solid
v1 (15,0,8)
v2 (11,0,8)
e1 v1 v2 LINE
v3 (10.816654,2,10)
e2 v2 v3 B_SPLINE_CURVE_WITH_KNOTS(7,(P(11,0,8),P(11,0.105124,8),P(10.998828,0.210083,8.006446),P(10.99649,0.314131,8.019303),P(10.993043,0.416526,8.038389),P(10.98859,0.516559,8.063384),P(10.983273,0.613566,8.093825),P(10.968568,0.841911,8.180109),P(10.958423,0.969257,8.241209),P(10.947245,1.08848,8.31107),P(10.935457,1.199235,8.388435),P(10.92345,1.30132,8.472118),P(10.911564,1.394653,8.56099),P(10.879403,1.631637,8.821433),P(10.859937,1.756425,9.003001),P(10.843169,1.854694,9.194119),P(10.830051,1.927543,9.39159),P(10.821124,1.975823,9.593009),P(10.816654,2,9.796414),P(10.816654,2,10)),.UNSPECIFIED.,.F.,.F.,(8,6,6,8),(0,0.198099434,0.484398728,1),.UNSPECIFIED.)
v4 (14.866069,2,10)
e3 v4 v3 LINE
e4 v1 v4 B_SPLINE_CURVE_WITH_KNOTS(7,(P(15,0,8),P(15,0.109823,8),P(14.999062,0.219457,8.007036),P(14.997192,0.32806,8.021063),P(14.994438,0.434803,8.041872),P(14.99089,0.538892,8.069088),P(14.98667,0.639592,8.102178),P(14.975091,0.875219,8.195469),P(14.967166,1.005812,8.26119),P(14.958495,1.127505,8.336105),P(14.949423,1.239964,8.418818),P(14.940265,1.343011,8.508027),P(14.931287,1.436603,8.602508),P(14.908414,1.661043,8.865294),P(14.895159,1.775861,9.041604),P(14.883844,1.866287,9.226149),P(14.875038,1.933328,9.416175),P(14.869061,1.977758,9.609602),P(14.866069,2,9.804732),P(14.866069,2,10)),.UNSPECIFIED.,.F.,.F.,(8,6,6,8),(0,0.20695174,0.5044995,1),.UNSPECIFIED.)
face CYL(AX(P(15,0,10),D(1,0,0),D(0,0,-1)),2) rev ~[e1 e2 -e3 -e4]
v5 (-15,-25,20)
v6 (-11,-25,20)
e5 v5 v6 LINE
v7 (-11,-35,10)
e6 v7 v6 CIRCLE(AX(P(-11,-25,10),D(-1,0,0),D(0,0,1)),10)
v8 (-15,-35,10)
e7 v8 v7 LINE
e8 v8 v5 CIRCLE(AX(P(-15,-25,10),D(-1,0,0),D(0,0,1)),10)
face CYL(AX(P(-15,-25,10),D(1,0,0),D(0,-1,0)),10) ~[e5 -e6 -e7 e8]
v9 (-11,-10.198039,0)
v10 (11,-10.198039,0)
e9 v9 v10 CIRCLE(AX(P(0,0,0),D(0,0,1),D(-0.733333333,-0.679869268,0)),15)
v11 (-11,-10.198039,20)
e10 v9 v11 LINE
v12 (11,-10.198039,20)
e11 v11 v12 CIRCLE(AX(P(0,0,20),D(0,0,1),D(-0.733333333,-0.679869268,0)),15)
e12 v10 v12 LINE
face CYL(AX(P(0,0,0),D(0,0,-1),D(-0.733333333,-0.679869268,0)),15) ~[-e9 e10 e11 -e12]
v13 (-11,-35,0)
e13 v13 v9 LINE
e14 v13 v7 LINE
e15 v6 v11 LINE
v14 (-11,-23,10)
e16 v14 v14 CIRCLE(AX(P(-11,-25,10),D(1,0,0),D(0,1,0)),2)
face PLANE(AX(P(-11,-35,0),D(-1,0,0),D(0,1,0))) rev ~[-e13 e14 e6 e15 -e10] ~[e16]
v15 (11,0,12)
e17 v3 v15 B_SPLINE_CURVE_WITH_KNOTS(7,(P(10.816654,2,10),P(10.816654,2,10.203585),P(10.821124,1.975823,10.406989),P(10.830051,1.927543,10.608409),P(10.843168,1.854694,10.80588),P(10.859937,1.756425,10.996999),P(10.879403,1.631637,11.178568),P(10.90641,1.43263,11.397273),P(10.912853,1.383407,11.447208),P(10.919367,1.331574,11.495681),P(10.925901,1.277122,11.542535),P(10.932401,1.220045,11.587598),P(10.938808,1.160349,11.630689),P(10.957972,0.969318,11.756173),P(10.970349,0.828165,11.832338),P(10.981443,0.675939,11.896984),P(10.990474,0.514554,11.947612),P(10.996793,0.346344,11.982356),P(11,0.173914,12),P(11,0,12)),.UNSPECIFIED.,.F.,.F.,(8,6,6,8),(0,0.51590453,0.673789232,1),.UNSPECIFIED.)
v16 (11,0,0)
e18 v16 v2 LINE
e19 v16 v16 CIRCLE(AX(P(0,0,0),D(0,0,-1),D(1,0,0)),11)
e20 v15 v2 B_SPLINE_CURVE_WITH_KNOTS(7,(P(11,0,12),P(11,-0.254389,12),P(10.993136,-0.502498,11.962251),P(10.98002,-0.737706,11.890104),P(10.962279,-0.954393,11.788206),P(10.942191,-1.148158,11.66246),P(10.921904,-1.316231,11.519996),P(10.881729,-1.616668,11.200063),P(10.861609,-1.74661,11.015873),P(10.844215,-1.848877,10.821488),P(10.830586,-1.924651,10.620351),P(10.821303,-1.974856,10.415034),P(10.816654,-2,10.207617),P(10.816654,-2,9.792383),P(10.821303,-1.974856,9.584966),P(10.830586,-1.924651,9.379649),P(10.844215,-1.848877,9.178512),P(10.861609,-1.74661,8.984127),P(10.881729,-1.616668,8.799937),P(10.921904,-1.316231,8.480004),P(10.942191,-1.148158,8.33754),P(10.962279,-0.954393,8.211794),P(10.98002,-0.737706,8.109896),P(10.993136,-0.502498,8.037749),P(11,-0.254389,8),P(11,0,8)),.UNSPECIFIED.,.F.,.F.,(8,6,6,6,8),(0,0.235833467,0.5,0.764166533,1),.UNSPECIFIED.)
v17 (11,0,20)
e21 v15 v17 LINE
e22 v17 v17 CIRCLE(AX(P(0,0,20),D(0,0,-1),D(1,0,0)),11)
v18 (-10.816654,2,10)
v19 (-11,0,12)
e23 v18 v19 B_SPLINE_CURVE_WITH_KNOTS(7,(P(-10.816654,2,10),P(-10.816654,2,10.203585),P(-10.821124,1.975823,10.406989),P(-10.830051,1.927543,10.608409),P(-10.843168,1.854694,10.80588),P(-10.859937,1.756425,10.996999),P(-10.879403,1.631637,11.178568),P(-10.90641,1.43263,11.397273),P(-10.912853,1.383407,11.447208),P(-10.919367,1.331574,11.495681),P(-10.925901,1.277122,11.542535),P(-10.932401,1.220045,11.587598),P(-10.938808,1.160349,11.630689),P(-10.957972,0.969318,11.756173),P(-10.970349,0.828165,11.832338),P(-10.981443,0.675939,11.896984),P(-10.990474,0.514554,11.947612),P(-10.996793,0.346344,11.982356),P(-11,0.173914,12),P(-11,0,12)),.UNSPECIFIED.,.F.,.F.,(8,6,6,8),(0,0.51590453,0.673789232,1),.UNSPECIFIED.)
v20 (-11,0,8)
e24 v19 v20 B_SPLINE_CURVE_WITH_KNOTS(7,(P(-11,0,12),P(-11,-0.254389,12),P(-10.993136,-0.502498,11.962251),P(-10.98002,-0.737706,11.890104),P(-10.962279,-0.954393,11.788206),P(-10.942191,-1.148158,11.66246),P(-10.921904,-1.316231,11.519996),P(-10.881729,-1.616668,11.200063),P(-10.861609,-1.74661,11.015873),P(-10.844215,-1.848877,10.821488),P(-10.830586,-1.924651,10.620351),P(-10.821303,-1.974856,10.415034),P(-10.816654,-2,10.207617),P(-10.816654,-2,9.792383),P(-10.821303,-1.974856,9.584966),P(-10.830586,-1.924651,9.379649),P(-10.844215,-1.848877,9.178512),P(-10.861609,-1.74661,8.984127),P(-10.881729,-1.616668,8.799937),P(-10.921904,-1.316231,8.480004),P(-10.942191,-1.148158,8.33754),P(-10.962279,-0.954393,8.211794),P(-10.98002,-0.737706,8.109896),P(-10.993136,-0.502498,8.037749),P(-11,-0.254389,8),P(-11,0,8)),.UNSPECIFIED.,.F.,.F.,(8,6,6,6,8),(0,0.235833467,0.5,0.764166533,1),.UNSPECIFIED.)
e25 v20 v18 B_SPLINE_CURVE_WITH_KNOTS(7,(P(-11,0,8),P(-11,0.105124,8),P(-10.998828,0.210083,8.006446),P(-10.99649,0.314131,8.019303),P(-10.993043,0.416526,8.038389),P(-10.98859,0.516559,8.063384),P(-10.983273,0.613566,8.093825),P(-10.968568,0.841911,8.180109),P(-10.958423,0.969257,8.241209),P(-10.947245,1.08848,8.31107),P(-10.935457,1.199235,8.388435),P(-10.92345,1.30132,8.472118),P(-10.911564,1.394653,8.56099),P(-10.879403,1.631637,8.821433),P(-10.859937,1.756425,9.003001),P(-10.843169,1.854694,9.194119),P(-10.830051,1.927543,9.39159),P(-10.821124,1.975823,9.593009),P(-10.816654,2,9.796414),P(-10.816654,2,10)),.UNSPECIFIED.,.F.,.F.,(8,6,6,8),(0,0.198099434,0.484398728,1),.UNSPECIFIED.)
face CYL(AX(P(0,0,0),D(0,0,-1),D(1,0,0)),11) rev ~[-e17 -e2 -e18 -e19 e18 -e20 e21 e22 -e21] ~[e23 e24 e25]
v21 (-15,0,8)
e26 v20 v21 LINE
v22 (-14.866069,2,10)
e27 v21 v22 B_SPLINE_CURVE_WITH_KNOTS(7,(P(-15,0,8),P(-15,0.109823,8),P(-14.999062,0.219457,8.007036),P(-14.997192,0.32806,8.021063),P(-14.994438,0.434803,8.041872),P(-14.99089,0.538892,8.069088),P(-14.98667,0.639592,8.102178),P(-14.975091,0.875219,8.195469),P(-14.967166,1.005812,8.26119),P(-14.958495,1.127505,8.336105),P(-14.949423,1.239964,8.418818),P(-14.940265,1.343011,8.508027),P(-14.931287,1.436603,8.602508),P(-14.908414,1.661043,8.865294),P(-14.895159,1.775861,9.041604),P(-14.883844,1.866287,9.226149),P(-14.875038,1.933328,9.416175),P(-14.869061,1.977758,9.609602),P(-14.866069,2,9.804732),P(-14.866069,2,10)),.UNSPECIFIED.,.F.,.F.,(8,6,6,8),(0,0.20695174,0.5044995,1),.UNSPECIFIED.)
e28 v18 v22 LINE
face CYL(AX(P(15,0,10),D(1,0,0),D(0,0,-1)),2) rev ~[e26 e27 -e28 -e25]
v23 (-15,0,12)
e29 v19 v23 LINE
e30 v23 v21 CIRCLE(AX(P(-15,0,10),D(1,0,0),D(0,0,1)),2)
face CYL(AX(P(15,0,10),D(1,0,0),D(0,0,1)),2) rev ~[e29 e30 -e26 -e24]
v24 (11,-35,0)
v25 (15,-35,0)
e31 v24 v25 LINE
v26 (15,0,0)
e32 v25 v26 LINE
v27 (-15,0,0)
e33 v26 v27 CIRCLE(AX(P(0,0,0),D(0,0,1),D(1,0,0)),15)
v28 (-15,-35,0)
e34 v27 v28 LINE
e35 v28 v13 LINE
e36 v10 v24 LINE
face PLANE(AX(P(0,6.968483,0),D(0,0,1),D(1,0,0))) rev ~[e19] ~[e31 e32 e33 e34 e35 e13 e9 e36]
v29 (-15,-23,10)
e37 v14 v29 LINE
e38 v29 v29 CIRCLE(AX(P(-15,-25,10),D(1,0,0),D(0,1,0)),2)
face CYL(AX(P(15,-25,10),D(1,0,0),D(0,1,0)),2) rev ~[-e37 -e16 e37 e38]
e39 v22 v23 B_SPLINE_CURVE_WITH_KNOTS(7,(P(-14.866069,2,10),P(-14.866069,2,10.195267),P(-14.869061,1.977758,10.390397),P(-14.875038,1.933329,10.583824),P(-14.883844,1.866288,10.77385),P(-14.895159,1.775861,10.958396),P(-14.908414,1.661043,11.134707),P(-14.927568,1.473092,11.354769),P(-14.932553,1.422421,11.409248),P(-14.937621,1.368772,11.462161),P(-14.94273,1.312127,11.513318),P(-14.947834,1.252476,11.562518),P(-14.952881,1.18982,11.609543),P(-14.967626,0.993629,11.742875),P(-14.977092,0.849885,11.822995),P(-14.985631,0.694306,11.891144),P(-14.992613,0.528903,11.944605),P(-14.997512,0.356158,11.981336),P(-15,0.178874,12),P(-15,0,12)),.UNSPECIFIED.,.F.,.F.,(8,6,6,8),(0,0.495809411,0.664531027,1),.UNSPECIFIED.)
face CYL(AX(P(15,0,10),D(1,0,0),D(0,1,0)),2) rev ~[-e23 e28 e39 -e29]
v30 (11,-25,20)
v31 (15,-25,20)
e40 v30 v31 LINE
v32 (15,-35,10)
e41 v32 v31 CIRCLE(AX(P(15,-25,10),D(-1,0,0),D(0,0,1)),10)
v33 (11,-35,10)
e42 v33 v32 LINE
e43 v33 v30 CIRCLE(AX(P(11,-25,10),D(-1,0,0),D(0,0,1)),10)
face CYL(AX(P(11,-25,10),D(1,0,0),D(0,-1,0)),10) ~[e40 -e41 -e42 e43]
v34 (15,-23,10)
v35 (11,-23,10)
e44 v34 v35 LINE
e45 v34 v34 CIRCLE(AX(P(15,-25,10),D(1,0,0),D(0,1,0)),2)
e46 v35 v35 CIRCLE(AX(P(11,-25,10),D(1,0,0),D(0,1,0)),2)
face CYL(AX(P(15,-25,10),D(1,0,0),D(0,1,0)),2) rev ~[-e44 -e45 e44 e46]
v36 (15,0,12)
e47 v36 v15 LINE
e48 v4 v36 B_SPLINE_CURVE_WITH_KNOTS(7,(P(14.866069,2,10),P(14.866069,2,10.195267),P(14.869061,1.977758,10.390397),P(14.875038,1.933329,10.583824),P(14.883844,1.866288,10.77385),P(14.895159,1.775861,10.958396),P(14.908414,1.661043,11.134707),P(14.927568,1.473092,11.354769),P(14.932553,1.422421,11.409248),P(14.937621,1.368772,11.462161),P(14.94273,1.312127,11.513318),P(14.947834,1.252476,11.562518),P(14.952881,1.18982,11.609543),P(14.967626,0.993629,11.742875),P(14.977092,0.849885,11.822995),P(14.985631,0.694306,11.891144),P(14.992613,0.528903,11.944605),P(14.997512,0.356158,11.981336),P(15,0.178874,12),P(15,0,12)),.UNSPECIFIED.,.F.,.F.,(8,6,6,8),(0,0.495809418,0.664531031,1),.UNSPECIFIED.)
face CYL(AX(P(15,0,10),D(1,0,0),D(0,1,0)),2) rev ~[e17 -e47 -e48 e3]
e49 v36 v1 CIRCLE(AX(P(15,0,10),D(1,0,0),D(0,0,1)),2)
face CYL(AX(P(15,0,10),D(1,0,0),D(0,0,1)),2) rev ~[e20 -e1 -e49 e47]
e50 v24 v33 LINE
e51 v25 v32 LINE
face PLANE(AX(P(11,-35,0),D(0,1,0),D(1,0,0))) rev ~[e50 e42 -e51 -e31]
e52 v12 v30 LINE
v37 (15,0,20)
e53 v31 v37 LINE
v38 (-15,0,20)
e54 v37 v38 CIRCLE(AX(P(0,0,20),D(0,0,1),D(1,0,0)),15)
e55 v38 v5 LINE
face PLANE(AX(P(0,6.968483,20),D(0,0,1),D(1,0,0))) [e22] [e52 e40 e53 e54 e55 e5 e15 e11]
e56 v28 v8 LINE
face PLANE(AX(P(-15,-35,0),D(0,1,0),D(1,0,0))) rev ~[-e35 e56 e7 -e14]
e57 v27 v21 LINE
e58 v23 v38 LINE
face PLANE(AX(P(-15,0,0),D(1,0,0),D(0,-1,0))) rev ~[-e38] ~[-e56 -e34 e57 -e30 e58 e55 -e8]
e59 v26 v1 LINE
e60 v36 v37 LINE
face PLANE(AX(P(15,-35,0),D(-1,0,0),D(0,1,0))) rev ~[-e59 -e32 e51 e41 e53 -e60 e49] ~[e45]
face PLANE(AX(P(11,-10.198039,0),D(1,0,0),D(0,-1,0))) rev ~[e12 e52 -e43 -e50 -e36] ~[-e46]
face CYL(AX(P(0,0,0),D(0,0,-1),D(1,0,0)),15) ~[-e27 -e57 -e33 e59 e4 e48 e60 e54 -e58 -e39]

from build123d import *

# Parameters (mm, degrees)
F1_DEPTH = 20
F2_R     = 10
F3_R     = 2
F4_DEPTH = 30


with BuildPart() as f1:
    # F0 (on Top) → F1 (new body)
    with BuildSketch(Plane.XY):
        with BuildLine():
            ThreePointArc((-11, 0), (0, 11), (11, 0))
            Line((11, 0), (15, 0))
            ThreePointArc((15, 0), (0, 15), (-15, 0))
            Line((-15, 0), (-11, 0))
        make_face()
        with BuildLine():
            Line((15, 0), (11, 0))
            Line((11, 0), (11, -10.1980390272))
            ThreePointArc((11, -10.1980390272), (13.9642400438, -5.4772255751), (15, 0))
        make_face()
        with BuildLine():
            Line((-11, -10.1980390272), (-11, 0))
            Line((-11, 0), (-15, 0))
            ThreePointArc((-15, 0), (-13.9642400438, -5.4772255751), (-11, -10.1980390272))
        make_face()
        with BuildLine():
            Line((11, -10.1980390272), (11, 0))
            ThreePointArc((11, 0), (0, -11), (-11, 0))
            Line((-11, 0), (-11, -10.1980390272))
            ThreePointArc((-11, -10.1980390272), (0, -15), (11, -10.1980390272))
        make_face()
        with BuildLine():
            ThreePointArc((-11, -10.1980390272), (-13.9642400438, -5.4772255751), (-15, 0))
            Line((-15, 0), (-15, -35))
            Line((-15, -35), (-11, -35))
            Line((-11, -35), (-11, -10.1980390272))
        make_face()
        with BuildLine():
            Line((15, -35), (15, 0))
            ThreePointArc((15, 0), (13.9642400438, -5.4772255751), (11, -10.1980390272))
            Line((11, -10.1980390272), (11, -35))
            Line((11, -35), (15, -35))
        make_face()
    extrude(amount=F1_DEPTH)

    # F2
    f2_edges = [f1.edges().sort_by_distance(p)[0] for p in [
        (-13, -35, 20),
        (13, -35, 20),
    ]]
    fillet(f2_edges, radius=F2_R)

    # F3 (on face) → F4 (cut)
    with BuildSketch(Plane.YZ.offset(15)):
        with Locations((-25, 10)):
            Circle(F3_R)
        with BuildLine():
            ThreePointArc((0, 8), (1.4142135624, 8.5857864376), (2, 10))
            ThreePointArc((2, 10), (1.4142135624, 11.4142135624), (0, 12))
            Line((0, 12), (0, 8))
        make_face()
        with BuildLine():
            Line((0, 8), (0, 12))
            ThreePointArc((0, 12), (-2, 10), (0, 8))
        make_face()
    extrude(amount=-F4_DEPTH, mode=Mode.SUBTRACT)


solid = f1.part
